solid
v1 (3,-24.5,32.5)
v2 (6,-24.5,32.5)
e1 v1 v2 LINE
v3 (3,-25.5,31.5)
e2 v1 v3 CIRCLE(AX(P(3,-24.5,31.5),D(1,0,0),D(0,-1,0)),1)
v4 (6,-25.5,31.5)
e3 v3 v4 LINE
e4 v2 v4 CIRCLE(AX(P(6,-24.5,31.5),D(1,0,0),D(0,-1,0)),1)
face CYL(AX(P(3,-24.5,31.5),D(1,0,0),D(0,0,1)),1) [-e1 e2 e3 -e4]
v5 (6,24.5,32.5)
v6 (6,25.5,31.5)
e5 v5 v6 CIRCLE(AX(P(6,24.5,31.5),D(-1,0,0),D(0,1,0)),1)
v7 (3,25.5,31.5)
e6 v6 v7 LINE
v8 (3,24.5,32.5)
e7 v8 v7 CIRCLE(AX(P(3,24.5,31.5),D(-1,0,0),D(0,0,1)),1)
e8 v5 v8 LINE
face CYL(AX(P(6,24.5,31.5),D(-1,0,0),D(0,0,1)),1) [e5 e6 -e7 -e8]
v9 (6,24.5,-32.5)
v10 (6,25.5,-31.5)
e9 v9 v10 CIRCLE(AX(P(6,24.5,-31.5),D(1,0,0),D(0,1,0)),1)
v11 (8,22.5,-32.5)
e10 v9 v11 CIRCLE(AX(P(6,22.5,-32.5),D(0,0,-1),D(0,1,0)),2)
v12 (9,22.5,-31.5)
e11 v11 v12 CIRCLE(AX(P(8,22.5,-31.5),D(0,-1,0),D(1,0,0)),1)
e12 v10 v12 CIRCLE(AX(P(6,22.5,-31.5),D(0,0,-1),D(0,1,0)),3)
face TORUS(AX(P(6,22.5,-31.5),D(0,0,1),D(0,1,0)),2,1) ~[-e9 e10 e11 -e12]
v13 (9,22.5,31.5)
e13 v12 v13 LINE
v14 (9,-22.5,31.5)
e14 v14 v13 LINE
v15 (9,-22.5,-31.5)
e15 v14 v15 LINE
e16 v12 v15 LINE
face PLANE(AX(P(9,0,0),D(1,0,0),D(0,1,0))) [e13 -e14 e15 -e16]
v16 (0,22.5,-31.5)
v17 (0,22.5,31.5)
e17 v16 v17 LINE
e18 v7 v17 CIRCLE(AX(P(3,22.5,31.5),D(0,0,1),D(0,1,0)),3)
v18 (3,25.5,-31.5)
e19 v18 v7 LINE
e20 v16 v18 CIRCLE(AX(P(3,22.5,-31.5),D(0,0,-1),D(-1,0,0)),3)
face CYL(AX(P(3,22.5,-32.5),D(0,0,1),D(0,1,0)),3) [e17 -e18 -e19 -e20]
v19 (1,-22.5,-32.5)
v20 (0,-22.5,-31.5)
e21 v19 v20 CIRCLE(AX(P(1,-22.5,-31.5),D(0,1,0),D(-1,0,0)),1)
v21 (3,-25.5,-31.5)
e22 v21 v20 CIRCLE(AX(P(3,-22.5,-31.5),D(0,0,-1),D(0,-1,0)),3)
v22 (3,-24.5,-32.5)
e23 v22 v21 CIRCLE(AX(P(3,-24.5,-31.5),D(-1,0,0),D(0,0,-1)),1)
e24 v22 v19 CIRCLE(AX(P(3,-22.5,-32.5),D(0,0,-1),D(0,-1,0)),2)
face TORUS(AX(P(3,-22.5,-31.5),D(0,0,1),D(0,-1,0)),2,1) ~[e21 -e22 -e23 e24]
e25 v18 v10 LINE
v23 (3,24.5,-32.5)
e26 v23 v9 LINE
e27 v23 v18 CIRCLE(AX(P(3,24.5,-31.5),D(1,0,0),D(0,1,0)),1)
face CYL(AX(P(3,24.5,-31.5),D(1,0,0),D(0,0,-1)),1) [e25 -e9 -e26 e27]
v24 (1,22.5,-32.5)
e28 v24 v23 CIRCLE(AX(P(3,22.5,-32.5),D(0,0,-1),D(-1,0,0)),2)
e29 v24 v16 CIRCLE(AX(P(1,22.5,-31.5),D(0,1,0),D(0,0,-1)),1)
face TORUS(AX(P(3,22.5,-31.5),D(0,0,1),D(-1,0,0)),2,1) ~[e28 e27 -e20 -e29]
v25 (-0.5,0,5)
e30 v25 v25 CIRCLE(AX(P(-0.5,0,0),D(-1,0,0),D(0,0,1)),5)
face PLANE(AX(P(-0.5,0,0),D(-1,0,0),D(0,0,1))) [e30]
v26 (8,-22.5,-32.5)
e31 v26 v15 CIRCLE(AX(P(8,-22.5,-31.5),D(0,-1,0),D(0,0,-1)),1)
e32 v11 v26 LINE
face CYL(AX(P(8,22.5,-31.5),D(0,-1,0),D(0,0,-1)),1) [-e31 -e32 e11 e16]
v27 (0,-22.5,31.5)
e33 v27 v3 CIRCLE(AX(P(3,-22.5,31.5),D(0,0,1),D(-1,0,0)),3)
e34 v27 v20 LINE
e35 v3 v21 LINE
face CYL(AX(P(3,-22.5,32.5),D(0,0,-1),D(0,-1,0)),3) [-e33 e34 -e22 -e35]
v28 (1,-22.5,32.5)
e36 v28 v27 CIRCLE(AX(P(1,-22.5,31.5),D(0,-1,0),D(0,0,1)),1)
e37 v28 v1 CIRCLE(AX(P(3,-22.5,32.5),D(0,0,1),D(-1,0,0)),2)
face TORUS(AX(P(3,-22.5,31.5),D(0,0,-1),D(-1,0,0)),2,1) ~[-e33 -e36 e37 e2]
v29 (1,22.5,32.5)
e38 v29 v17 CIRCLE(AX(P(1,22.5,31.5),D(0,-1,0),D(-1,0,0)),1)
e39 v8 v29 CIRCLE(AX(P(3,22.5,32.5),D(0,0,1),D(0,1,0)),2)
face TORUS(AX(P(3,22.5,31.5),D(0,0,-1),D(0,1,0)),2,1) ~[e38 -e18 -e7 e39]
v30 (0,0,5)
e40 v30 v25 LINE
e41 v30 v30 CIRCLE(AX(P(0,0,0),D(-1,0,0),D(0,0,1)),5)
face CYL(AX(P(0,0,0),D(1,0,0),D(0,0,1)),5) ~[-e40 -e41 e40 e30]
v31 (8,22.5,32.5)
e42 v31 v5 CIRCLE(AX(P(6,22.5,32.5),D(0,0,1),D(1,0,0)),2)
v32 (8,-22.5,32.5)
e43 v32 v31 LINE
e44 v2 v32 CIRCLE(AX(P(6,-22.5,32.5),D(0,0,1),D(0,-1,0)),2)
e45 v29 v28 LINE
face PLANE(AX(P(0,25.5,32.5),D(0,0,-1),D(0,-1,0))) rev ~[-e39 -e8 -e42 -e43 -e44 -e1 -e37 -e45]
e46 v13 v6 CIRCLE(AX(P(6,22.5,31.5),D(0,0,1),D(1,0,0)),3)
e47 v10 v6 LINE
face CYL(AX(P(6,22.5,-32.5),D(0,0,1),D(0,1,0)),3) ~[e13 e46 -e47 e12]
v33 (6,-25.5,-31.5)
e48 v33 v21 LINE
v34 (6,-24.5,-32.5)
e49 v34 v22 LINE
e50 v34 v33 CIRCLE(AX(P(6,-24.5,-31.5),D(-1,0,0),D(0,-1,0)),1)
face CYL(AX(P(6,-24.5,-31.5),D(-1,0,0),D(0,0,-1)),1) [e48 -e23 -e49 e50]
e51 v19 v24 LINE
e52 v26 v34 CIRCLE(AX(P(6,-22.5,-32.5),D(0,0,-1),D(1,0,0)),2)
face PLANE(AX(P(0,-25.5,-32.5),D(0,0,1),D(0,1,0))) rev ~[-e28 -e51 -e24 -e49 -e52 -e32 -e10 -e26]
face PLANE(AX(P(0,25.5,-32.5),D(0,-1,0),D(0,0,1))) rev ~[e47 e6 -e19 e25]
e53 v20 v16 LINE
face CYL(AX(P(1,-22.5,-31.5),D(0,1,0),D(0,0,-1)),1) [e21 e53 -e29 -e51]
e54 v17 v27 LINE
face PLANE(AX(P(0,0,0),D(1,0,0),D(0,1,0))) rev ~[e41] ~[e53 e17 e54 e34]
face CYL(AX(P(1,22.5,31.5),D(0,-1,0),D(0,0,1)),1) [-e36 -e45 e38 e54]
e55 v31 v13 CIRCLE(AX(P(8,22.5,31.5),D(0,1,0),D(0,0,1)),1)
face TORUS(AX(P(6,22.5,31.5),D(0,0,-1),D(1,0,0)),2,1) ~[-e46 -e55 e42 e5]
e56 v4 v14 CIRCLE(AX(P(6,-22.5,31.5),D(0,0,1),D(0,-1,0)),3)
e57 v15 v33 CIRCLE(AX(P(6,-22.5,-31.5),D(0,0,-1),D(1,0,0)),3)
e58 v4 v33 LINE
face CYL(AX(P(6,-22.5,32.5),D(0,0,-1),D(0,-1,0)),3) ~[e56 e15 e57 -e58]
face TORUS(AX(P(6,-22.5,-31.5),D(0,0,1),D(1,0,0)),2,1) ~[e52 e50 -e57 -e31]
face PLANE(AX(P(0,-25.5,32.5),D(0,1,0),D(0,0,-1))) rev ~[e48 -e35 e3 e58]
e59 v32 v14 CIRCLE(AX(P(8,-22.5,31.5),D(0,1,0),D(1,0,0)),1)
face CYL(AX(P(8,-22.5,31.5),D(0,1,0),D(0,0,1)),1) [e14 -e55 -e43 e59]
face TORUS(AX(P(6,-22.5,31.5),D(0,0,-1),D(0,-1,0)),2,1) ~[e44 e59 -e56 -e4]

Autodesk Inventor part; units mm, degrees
ref_plane "YZ Plane" through (0, 0, 0) normal (1, 0, 0) x (0, 1, 0)
ref_plane "XZ Plane" through (0, 0, 0) normal (0, 1, 0) x (-1, 0, 0)
ref_plane "XY Plane" through (0, 0, 0) normal (0, 0, 1) x (1, 0, 0)
sketch "Skizze1" plane through (0, 0, 0) normal (1, 0, 0) x (0, 1, 0)
  line L0 (-25.5, -32.5) -> (25.5, -32.5)
  line L1 (25.5, -32.5) -> (25.5, 32.5)
  line L2 (25.5, 32.5) -> (-25.5, 32.5)
  line L3 (-25.5, 32.5) -> (-25.5, -32.5)
  line L4 (-25.5, -32.5) -> (25.5, 32.5) construction
  line L5 (25.5, -32.5) -> (-25.5, 32.5) construction
  point P0 (0, 0)
  dimension "d0" = 51
  dimension "d1" = 65
extrude "Extrusion1" add sketch "Skizze1" along normal blind 9
fillet "Rundung1" radius 3 4 edges at (9, 25.5, 0) (0, 25.5, 0) (9, -25.5, 0) (0, -25.5, 0)
fillet "Rundung2" radius 1 16 edges at (8.1213, -24.6213, 32.5) (4.5, -25.5, 32.5) (0.8787, -24.6213, 32.5) (0, 0, 32.5) (0.8787, 24.6213, 32.5) (4.5, 25.5, 32.5) (8.1213, 24.6213, 32.5) (9, 0, 32.5) (8.1213, 24.6213, -32.5) (4.5, 25.5, -32.5) (0.8787, 24.6213, -32.5) (0, 0, -32.5) (0.8787, -24.6213, -32.5) (4.5, -25.5, -32.5) (8.1213, -24.6213, -32.5) (9, 0, -32.5)
sketch "Skizze2" plane through (0, 0, 0) normal (-1, 0, 0) x (0, 0, 1)
  circle A0 centre (0, 0) radius 5
  dimension "d6" = 10
extrude "Extrusion2" add sketch "Skizze2" along normal blind 0.5
properties part number "PKCell 3.7V 2500mAh"
